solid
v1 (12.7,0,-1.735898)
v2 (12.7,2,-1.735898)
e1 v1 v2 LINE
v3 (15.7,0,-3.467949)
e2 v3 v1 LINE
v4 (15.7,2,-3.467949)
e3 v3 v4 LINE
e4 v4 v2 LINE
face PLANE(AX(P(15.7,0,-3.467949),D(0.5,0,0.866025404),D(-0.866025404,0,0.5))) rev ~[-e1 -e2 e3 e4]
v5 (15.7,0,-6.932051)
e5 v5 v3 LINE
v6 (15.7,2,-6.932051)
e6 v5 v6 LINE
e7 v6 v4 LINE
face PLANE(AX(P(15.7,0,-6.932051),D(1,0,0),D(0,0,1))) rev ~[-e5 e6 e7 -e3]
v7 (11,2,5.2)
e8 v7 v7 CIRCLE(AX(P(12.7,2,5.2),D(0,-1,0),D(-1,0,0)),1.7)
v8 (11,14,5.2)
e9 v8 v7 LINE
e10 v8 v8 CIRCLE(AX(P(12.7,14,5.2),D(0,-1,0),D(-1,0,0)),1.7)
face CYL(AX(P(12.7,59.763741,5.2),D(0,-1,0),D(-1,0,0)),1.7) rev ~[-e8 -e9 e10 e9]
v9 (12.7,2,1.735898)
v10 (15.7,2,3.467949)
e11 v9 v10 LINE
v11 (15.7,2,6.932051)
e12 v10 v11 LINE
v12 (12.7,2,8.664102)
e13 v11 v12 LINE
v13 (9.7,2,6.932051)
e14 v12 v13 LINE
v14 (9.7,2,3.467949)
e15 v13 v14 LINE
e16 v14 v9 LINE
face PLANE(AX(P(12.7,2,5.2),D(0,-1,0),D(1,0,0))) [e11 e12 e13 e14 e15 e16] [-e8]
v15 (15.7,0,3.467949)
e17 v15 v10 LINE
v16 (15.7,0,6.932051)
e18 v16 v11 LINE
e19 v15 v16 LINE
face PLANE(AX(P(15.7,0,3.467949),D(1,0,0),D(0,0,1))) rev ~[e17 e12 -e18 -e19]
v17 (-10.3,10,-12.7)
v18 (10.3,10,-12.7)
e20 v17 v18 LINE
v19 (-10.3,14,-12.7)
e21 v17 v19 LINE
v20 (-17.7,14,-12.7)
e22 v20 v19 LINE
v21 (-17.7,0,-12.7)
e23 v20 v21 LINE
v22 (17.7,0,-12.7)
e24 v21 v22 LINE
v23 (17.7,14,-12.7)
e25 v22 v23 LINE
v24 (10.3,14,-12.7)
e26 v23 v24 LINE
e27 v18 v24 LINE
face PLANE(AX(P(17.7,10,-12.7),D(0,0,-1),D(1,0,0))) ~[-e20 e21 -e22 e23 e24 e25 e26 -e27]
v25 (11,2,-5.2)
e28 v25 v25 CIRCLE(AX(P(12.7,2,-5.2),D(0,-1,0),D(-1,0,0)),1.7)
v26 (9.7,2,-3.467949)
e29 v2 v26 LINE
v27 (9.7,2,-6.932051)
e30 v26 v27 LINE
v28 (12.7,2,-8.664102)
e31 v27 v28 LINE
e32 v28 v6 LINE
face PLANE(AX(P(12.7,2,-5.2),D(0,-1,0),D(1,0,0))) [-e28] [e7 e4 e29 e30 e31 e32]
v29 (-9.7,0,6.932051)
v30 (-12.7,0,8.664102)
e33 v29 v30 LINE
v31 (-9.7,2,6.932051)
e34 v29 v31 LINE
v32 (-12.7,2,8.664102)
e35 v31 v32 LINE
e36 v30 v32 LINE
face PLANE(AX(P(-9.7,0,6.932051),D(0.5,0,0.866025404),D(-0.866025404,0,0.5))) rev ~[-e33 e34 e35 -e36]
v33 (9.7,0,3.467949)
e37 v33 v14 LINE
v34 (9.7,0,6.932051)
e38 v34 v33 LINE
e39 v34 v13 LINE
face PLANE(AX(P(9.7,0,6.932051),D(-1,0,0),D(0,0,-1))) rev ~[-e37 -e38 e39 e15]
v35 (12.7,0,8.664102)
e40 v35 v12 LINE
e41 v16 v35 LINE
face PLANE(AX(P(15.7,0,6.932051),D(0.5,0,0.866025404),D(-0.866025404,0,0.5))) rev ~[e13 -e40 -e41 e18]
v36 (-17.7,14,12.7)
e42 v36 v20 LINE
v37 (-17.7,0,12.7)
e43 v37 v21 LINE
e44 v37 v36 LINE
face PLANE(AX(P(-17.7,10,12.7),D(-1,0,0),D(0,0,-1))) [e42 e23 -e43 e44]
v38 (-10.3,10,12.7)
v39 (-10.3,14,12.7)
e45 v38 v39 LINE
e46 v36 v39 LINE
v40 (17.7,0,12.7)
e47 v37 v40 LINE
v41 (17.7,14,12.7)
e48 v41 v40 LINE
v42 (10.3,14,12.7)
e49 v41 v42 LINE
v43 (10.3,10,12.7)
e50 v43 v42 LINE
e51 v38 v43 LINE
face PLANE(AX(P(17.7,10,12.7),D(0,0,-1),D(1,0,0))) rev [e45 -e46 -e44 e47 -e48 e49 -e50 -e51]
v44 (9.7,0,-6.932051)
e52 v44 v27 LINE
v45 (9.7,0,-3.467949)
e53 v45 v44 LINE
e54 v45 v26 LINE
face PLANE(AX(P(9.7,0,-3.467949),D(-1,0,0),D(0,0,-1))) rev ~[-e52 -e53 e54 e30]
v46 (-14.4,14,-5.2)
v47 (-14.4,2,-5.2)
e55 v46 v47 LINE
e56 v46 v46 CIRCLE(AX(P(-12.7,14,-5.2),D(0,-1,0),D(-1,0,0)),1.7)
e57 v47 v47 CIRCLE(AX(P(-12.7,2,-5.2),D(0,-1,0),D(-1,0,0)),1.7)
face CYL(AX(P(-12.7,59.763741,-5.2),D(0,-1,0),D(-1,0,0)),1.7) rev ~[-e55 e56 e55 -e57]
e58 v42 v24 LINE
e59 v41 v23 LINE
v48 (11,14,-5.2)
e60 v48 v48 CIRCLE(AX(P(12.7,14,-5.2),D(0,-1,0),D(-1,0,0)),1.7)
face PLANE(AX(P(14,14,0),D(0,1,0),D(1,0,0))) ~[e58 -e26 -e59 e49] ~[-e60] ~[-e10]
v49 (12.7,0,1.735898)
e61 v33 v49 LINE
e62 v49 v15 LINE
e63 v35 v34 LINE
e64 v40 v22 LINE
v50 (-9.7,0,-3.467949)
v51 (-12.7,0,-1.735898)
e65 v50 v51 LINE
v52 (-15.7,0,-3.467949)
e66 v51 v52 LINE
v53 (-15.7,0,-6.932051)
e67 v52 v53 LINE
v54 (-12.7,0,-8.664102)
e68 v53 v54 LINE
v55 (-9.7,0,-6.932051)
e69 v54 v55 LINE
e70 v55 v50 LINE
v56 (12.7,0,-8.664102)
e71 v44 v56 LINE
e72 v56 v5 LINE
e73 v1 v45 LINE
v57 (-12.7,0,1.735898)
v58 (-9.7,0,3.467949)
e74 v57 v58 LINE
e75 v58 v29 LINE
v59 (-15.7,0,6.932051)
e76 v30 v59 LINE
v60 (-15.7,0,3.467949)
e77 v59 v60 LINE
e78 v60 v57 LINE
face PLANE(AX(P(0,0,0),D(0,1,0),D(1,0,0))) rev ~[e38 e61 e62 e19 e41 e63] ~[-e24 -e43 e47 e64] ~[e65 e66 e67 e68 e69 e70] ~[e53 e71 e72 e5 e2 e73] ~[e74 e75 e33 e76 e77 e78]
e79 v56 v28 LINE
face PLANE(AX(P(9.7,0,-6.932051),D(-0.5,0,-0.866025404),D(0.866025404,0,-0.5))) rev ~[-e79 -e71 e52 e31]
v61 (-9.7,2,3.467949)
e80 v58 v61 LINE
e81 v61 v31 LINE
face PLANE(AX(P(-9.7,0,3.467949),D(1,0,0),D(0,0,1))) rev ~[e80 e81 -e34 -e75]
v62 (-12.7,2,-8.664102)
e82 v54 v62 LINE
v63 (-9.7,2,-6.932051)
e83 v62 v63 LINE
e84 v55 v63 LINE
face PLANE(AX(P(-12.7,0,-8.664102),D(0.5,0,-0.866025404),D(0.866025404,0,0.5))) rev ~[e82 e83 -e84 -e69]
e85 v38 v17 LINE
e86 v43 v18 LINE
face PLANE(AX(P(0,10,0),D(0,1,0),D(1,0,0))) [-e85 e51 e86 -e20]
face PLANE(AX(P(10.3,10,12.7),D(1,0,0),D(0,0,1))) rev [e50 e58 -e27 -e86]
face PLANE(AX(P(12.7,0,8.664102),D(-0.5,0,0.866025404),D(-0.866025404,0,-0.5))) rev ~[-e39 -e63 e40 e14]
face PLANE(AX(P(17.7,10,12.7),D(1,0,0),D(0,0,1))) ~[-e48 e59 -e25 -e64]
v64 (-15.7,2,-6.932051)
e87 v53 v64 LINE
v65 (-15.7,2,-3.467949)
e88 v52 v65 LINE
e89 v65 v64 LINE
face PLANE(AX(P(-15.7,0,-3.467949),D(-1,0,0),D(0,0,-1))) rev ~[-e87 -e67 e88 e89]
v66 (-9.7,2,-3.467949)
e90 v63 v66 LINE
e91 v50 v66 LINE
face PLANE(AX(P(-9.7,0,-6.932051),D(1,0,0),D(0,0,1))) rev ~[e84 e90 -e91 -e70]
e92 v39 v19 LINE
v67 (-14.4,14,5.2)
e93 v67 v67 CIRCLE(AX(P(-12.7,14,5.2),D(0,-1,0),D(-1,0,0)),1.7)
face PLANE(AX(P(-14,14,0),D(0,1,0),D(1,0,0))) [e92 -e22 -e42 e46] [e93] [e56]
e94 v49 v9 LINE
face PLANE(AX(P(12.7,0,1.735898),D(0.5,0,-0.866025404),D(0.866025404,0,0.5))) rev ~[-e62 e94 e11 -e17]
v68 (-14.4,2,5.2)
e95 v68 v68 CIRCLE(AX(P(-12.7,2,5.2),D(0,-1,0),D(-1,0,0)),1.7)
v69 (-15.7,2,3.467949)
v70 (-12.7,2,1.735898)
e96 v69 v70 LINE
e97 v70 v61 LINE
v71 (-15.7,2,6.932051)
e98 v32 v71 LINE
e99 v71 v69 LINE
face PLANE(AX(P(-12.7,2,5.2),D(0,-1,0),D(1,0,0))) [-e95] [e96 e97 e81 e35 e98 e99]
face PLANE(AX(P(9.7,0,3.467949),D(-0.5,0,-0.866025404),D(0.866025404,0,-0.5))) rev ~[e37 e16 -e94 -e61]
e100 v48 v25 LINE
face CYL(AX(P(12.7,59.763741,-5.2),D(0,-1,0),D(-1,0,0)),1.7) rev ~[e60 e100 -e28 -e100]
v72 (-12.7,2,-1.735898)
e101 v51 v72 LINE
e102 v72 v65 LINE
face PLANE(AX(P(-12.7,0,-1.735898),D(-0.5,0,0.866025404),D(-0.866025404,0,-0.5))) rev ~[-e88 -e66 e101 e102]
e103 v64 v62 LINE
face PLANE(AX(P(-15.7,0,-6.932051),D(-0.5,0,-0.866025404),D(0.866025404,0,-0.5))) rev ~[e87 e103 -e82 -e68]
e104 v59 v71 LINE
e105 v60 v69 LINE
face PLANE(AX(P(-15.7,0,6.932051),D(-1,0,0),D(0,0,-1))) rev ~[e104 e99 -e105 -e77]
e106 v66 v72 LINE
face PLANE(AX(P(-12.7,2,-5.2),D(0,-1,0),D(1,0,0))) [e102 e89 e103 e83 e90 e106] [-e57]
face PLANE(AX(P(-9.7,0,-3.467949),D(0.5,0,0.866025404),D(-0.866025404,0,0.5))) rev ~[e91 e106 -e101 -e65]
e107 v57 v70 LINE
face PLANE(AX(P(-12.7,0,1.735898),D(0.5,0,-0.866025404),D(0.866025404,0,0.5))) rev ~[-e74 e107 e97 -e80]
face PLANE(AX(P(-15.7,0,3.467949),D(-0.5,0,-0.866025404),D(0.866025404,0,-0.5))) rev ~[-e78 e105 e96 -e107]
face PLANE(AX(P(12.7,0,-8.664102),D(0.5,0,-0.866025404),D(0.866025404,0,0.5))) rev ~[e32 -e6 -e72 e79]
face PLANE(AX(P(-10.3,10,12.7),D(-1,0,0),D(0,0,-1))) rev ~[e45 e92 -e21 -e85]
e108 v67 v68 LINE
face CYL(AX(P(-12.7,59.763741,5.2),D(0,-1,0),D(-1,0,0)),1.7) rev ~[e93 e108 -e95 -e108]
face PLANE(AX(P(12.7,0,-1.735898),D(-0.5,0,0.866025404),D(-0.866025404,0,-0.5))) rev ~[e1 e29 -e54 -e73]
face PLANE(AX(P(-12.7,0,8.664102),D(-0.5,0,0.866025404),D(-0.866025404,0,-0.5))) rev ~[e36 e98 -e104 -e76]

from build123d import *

# Parameters (mm, degrees)
CROQUIS1_W                   = 35.4
CROQUIS1_H                   = 25.4
SALIENTE_EXTRUIR1_DEPTH      = 10
CROQUIS2_W                   = 7.4
CROQUIS2_H                   = 25.4
SALIENTE_EXTRUIR2_DEPTH      = 4
TALADRO_DE_MARGEN_PARA_M31_D = 3.4
CORTAR_EXTRUIR1_DEPTH        = 2
MATRIZL2_COUNT               = 2
MATRIZL2_PITCH               = 25.4
MATRIZL2_COUNT_DIR2          = 2
MATRIZL2_PITCH_DIR2          = 10.4


with BuildPart() as part:
    # Croquis1 → Saliente-Extruir1 (new body)
    with BuildSketch(Plane(origin=(0, 0, 0), x_dir=(1, 0, 0), z_dir=(0, 1, 0))):
        Rectangle(CROQUIS1_W, CROQUIS1_H)
    extrude(amount=SALIENTE_EXTRUIR1_DEPTH)

    # Croquis2 → Saliente-Extruir2 (add)
    with BuildSketch(Plane(origin=(0, 10, 0), x_dir=(1, 0, 0), z_dir=(0, 1, 0))):
        with Locations((-14, 0)):
            Rectangle(CROQUIS2_W, CROQUIS2_H)
    saliente_extruir2 = extrude(amount=SALIENTE_EXTRUIR2_DEPTH)

    # Simetría1: Saliente-Extruir2 across plane
    add(saliente_extruir2.mirror(Plane(origin=(0, 0, 0), x_dir=(0, 0, 1), z_dir=(1, 0, 0))))

    # Taladro de margen para M31 (through all)
    with Locations(Plane(origin=(0, 14, 0), x_dir=(1, 0, 0), z_dir=(0, 1, 0))):
        with Locations((-12.7, 5.2), (12.7, -5.2), (12.7, 5.2), (-12.7, -5.2)):
            Hole(TALADRO_DE_MARGEN_PARA_M31_D / 2)

    # Croquis6 → Cortar-Extruir1 (cut)
    with BuildSketch(Plane.XZ):
        Polygon((-9.7, 6.932050808), (-12.7, 8.664101615), (-15.7, 6.932050808), (-15.7, 3.467949192), (-12.7, 1.735898385), (-9.7, 3.467949192), align=None)
    cortar_extruir1 = extrude(amount=-CORTAR_EXTRUIR1_DEPTH, mode=Mode.SUBTRACT)

    # MatrizL2: Cortar-Extruir1 2 × 2
    with Locations(*[(i * MATRIZL2_PITCH, 0, -j * MATRIZL2_PITCH_DIR2) for i in range(MATRIZL2_COUNT) for j in range(MATRIZL2_COUNT_DIR2) if (i, j) != (0, 0)]):
        add(cortar_extruir1, mode=Mode.SUBTRACT)


solid = part.part
